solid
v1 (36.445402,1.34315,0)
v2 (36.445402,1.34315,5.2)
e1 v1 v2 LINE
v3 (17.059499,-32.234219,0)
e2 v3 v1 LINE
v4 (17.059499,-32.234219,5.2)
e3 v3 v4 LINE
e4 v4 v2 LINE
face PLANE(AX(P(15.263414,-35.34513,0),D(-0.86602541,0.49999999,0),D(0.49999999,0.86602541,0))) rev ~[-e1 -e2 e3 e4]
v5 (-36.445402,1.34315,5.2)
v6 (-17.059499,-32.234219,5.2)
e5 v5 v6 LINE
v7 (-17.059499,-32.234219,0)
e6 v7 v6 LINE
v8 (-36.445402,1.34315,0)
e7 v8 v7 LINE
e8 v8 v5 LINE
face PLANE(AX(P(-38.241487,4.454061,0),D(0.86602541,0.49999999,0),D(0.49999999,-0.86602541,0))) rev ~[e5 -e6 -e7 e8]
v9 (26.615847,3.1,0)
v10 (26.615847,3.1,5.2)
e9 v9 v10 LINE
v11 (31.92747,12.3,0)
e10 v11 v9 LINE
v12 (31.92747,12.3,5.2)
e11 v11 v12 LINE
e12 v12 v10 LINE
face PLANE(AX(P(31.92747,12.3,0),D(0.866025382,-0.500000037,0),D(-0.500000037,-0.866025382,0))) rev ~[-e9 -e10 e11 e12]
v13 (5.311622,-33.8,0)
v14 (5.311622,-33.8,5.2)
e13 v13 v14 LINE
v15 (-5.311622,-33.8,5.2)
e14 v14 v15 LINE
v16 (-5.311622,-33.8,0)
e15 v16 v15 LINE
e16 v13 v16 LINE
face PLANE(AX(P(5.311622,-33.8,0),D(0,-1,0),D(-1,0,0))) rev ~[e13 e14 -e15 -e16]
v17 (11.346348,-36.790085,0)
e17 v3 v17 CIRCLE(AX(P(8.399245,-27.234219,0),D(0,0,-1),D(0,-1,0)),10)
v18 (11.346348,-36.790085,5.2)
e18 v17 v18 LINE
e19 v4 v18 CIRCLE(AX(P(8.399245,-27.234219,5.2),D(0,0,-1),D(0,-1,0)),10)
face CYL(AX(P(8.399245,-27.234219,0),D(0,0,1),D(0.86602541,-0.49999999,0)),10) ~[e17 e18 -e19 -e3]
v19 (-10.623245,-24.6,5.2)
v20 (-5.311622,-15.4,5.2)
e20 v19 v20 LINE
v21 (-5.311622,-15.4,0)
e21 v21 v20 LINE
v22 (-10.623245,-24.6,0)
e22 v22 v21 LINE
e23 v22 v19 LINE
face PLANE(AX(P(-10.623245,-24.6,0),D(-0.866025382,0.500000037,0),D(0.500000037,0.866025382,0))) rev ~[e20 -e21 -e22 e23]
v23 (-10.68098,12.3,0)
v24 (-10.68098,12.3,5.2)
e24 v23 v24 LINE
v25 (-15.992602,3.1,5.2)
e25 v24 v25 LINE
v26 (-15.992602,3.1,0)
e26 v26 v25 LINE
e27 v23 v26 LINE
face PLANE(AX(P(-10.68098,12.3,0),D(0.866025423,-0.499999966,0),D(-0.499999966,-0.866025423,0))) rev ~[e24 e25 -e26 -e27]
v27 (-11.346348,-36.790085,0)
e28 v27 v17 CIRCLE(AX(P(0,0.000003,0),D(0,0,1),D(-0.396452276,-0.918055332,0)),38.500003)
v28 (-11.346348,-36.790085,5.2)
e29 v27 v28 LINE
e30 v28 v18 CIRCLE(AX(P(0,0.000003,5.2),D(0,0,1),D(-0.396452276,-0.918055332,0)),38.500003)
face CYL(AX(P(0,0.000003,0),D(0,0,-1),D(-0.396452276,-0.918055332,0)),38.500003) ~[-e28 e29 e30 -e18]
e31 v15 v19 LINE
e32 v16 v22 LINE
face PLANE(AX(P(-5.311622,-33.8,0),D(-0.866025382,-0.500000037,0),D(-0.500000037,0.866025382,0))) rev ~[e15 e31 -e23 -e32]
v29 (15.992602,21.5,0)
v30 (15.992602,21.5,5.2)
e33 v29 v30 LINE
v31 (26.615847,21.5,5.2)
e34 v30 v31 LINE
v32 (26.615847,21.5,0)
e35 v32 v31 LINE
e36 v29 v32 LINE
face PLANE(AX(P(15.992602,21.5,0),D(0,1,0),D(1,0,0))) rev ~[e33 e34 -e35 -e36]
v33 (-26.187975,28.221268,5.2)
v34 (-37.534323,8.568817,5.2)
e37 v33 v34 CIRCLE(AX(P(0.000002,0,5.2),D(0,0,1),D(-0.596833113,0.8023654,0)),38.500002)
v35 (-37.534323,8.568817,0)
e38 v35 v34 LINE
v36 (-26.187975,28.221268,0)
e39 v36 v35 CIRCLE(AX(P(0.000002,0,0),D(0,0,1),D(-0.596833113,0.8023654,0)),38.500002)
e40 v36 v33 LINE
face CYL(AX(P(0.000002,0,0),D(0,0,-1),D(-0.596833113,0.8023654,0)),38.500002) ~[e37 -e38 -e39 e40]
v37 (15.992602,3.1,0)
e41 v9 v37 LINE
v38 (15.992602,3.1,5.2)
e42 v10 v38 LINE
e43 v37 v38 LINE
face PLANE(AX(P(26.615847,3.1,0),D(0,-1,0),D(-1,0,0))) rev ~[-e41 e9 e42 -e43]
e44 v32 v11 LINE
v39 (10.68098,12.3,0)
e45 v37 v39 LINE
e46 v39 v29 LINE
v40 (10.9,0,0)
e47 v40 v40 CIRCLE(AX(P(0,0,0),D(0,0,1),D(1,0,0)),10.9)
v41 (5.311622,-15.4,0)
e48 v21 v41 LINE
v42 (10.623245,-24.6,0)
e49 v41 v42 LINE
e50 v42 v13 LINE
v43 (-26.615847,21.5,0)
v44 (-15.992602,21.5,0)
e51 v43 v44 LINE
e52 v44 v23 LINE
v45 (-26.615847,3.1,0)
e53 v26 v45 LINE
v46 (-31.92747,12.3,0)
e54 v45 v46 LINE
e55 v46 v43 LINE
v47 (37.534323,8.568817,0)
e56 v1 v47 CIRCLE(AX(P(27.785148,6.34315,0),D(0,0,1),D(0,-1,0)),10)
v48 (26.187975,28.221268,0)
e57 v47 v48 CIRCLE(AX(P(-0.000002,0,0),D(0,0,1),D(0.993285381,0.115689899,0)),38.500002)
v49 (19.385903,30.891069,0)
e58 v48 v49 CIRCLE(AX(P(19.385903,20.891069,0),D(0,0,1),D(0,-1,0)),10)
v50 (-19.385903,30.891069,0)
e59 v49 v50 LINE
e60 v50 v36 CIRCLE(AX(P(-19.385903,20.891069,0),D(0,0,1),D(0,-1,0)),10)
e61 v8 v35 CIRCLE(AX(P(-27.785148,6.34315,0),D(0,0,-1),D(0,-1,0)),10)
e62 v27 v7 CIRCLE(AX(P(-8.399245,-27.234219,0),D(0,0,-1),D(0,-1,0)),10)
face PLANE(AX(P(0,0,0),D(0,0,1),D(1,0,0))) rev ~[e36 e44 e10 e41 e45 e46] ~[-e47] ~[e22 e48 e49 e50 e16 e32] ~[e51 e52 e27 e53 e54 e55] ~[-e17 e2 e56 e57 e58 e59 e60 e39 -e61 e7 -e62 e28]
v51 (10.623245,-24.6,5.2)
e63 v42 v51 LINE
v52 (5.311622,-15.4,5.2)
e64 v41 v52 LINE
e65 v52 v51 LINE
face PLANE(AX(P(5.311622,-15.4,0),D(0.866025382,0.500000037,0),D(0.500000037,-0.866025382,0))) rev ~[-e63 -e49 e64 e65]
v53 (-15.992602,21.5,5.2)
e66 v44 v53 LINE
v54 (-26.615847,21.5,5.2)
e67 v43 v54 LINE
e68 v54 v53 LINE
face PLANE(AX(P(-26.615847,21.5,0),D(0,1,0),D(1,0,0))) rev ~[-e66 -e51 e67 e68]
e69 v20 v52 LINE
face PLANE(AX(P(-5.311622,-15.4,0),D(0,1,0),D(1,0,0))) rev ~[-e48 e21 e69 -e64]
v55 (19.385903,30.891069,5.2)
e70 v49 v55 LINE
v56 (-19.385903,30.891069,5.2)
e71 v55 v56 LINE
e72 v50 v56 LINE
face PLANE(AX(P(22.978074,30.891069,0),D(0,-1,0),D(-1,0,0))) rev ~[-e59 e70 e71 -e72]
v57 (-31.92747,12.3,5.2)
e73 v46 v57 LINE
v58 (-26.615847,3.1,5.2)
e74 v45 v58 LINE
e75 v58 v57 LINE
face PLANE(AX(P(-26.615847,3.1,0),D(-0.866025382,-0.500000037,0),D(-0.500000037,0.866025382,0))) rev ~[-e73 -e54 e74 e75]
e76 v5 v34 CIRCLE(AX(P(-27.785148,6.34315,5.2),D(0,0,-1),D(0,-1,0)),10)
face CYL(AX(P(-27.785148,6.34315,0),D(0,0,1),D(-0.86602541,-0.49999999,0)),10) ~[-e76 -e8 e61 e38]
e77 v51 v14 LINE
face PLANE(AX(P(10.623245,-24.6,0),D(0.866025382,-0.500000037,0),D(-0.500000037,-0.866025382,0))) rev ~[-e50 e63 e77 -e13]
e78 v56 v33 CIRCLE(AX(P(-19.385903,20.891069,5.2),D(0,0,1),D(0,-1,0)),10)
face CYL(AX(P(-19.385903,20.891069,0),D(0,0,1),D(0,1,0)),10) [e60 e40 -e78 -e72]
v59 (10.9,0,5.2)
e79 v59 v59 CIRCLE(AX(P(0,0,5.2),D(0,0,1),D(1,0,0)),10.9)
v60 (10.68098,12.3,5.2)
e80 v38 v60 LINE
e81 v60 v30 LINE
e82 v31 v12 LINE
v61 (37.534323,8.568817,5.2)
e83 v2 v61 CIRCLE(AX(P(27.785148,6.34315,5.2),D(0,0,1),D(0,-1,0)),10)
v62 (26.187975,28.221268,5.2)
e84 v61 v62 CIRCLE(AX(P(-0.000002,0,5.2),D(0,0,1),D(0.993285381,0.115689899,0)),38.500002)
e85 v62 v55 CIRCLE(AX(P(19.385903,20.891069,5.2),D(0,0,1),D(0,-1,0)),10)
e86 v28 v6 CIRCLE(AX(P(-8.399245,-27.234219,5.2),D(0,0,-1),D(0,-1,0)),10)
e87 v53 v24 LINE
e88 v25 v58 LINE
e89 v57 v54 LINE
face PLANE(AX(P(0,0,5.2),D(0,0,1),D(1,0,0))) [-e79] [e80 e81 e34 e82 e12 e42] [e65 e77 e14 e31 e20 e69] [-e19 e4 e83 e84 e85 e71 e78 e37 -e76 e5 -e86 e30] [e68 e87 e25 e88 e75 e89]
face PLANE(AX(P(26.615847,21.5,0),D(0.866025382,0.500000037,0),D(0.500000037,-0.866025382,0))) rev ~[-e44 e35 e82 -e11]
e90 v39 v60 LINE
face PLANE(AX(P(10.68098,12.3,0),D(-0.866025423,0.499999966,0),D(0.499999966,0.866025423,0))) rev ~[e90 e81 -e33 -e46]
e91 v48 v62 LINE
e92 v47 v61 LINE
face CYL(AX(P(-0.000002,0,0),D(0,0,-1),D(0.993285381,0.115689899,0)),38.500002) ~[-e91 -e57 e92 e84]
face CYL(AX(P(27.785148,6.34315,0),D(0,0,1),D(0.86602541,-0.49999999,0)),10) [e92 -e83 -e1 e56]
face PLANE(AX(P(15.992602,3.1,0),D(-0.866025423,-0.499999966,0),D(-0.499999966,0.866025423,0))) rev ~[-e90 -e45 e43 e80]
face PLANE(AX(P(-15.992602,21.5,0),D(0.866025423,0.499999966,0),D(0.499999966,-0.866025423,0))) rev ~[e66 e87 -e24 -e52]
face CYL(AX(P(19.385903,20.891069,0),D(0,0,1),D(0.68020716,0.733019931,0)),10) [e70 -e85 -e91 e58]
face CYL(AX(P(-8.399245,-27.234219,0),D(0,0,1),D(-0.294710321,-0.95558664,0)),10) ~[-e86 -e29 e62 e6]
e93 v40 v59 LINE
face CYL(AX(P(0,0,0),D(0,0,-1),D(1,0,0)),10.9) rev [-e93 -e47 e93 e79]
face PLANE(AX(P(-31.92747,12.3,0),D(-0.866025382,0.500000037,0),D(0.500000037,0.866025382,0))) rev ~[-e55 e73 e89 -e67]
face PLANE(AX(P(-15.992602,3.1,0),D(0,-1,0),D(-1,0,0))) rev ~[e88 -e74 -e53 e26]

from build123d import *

# Parameters (mm, degrees)
F0_R     = 10.9
F1_DEPTH = 5.2
F2_R     = 10


with BuildPart() as f1:
    # F0 (on Top) → F1 (new body)
    with BuildSketch(Plane.XY):
        with BuildLine():
            Line((15.263414, -35.34513), (38.241487, 4.454061))
            ThreePointArc((38.241487, 4.454061), (33.341978, 19.25), (22.978074, 30.891069))
            Line((22.978074, 30.891069), (-22.978074, 30.891069))
            ThreePointArc((-22.978074, 30.891069), (-33.341978, 19.25), (-38.241487, 4.454061))
            Line((-38.241487, 4.454061), (-15.263414, -35.34513))
            ThreePointArc((-15.263414, -35.34513), (0, -38.5), (15.263414, -35.34513))
        make_face()
        Polygon((-5.311622, -15.4), (5.311622, -15.4), (10.623245, -24.6), (5.311622, -33.8), (-5.311622, -33.8), (-10.623245, -24.6), align=None, mode=Mode.SUBTRACT)
        Polygon((-26.615847, 3.1), (-31.92747, 12.3), (-26.615847, 21.5), (-15.992602, 21.5), (-10.68098, 12.3), (-15.992602, 3.1), align=None, mode=Mode.SUBTRACT)
        Circle(F0_R, mode=Mode.SUBTRACT)
        Polygon((15.992602, 21.5), (26.615847, 21.5), (31.92747, 12.3), (26.615847, 3.1), (15.992602, 3.1), (10.68098, 12.3), align=None, mode=Mode.SUBTRACT)
    extrude(amount=F1_DEPTH)

    # F2
    f2_edges = [f1.edges().sort_by_distance(p)[0] for p in [
        (-38.241487, 4.454061, 2.6),
        (-22.978074, 30.891069, 2.6),
        (22.978074, 30.891069, 2.6),
        (38.241487, 4.454061, 2.6),
        (15.263414, -35.34513, 2.6),
        (-15.263414, -35.34513, 2.6),
    ]]
    fillet(f2_edges, radius=F2_R)


solid = f1.part
